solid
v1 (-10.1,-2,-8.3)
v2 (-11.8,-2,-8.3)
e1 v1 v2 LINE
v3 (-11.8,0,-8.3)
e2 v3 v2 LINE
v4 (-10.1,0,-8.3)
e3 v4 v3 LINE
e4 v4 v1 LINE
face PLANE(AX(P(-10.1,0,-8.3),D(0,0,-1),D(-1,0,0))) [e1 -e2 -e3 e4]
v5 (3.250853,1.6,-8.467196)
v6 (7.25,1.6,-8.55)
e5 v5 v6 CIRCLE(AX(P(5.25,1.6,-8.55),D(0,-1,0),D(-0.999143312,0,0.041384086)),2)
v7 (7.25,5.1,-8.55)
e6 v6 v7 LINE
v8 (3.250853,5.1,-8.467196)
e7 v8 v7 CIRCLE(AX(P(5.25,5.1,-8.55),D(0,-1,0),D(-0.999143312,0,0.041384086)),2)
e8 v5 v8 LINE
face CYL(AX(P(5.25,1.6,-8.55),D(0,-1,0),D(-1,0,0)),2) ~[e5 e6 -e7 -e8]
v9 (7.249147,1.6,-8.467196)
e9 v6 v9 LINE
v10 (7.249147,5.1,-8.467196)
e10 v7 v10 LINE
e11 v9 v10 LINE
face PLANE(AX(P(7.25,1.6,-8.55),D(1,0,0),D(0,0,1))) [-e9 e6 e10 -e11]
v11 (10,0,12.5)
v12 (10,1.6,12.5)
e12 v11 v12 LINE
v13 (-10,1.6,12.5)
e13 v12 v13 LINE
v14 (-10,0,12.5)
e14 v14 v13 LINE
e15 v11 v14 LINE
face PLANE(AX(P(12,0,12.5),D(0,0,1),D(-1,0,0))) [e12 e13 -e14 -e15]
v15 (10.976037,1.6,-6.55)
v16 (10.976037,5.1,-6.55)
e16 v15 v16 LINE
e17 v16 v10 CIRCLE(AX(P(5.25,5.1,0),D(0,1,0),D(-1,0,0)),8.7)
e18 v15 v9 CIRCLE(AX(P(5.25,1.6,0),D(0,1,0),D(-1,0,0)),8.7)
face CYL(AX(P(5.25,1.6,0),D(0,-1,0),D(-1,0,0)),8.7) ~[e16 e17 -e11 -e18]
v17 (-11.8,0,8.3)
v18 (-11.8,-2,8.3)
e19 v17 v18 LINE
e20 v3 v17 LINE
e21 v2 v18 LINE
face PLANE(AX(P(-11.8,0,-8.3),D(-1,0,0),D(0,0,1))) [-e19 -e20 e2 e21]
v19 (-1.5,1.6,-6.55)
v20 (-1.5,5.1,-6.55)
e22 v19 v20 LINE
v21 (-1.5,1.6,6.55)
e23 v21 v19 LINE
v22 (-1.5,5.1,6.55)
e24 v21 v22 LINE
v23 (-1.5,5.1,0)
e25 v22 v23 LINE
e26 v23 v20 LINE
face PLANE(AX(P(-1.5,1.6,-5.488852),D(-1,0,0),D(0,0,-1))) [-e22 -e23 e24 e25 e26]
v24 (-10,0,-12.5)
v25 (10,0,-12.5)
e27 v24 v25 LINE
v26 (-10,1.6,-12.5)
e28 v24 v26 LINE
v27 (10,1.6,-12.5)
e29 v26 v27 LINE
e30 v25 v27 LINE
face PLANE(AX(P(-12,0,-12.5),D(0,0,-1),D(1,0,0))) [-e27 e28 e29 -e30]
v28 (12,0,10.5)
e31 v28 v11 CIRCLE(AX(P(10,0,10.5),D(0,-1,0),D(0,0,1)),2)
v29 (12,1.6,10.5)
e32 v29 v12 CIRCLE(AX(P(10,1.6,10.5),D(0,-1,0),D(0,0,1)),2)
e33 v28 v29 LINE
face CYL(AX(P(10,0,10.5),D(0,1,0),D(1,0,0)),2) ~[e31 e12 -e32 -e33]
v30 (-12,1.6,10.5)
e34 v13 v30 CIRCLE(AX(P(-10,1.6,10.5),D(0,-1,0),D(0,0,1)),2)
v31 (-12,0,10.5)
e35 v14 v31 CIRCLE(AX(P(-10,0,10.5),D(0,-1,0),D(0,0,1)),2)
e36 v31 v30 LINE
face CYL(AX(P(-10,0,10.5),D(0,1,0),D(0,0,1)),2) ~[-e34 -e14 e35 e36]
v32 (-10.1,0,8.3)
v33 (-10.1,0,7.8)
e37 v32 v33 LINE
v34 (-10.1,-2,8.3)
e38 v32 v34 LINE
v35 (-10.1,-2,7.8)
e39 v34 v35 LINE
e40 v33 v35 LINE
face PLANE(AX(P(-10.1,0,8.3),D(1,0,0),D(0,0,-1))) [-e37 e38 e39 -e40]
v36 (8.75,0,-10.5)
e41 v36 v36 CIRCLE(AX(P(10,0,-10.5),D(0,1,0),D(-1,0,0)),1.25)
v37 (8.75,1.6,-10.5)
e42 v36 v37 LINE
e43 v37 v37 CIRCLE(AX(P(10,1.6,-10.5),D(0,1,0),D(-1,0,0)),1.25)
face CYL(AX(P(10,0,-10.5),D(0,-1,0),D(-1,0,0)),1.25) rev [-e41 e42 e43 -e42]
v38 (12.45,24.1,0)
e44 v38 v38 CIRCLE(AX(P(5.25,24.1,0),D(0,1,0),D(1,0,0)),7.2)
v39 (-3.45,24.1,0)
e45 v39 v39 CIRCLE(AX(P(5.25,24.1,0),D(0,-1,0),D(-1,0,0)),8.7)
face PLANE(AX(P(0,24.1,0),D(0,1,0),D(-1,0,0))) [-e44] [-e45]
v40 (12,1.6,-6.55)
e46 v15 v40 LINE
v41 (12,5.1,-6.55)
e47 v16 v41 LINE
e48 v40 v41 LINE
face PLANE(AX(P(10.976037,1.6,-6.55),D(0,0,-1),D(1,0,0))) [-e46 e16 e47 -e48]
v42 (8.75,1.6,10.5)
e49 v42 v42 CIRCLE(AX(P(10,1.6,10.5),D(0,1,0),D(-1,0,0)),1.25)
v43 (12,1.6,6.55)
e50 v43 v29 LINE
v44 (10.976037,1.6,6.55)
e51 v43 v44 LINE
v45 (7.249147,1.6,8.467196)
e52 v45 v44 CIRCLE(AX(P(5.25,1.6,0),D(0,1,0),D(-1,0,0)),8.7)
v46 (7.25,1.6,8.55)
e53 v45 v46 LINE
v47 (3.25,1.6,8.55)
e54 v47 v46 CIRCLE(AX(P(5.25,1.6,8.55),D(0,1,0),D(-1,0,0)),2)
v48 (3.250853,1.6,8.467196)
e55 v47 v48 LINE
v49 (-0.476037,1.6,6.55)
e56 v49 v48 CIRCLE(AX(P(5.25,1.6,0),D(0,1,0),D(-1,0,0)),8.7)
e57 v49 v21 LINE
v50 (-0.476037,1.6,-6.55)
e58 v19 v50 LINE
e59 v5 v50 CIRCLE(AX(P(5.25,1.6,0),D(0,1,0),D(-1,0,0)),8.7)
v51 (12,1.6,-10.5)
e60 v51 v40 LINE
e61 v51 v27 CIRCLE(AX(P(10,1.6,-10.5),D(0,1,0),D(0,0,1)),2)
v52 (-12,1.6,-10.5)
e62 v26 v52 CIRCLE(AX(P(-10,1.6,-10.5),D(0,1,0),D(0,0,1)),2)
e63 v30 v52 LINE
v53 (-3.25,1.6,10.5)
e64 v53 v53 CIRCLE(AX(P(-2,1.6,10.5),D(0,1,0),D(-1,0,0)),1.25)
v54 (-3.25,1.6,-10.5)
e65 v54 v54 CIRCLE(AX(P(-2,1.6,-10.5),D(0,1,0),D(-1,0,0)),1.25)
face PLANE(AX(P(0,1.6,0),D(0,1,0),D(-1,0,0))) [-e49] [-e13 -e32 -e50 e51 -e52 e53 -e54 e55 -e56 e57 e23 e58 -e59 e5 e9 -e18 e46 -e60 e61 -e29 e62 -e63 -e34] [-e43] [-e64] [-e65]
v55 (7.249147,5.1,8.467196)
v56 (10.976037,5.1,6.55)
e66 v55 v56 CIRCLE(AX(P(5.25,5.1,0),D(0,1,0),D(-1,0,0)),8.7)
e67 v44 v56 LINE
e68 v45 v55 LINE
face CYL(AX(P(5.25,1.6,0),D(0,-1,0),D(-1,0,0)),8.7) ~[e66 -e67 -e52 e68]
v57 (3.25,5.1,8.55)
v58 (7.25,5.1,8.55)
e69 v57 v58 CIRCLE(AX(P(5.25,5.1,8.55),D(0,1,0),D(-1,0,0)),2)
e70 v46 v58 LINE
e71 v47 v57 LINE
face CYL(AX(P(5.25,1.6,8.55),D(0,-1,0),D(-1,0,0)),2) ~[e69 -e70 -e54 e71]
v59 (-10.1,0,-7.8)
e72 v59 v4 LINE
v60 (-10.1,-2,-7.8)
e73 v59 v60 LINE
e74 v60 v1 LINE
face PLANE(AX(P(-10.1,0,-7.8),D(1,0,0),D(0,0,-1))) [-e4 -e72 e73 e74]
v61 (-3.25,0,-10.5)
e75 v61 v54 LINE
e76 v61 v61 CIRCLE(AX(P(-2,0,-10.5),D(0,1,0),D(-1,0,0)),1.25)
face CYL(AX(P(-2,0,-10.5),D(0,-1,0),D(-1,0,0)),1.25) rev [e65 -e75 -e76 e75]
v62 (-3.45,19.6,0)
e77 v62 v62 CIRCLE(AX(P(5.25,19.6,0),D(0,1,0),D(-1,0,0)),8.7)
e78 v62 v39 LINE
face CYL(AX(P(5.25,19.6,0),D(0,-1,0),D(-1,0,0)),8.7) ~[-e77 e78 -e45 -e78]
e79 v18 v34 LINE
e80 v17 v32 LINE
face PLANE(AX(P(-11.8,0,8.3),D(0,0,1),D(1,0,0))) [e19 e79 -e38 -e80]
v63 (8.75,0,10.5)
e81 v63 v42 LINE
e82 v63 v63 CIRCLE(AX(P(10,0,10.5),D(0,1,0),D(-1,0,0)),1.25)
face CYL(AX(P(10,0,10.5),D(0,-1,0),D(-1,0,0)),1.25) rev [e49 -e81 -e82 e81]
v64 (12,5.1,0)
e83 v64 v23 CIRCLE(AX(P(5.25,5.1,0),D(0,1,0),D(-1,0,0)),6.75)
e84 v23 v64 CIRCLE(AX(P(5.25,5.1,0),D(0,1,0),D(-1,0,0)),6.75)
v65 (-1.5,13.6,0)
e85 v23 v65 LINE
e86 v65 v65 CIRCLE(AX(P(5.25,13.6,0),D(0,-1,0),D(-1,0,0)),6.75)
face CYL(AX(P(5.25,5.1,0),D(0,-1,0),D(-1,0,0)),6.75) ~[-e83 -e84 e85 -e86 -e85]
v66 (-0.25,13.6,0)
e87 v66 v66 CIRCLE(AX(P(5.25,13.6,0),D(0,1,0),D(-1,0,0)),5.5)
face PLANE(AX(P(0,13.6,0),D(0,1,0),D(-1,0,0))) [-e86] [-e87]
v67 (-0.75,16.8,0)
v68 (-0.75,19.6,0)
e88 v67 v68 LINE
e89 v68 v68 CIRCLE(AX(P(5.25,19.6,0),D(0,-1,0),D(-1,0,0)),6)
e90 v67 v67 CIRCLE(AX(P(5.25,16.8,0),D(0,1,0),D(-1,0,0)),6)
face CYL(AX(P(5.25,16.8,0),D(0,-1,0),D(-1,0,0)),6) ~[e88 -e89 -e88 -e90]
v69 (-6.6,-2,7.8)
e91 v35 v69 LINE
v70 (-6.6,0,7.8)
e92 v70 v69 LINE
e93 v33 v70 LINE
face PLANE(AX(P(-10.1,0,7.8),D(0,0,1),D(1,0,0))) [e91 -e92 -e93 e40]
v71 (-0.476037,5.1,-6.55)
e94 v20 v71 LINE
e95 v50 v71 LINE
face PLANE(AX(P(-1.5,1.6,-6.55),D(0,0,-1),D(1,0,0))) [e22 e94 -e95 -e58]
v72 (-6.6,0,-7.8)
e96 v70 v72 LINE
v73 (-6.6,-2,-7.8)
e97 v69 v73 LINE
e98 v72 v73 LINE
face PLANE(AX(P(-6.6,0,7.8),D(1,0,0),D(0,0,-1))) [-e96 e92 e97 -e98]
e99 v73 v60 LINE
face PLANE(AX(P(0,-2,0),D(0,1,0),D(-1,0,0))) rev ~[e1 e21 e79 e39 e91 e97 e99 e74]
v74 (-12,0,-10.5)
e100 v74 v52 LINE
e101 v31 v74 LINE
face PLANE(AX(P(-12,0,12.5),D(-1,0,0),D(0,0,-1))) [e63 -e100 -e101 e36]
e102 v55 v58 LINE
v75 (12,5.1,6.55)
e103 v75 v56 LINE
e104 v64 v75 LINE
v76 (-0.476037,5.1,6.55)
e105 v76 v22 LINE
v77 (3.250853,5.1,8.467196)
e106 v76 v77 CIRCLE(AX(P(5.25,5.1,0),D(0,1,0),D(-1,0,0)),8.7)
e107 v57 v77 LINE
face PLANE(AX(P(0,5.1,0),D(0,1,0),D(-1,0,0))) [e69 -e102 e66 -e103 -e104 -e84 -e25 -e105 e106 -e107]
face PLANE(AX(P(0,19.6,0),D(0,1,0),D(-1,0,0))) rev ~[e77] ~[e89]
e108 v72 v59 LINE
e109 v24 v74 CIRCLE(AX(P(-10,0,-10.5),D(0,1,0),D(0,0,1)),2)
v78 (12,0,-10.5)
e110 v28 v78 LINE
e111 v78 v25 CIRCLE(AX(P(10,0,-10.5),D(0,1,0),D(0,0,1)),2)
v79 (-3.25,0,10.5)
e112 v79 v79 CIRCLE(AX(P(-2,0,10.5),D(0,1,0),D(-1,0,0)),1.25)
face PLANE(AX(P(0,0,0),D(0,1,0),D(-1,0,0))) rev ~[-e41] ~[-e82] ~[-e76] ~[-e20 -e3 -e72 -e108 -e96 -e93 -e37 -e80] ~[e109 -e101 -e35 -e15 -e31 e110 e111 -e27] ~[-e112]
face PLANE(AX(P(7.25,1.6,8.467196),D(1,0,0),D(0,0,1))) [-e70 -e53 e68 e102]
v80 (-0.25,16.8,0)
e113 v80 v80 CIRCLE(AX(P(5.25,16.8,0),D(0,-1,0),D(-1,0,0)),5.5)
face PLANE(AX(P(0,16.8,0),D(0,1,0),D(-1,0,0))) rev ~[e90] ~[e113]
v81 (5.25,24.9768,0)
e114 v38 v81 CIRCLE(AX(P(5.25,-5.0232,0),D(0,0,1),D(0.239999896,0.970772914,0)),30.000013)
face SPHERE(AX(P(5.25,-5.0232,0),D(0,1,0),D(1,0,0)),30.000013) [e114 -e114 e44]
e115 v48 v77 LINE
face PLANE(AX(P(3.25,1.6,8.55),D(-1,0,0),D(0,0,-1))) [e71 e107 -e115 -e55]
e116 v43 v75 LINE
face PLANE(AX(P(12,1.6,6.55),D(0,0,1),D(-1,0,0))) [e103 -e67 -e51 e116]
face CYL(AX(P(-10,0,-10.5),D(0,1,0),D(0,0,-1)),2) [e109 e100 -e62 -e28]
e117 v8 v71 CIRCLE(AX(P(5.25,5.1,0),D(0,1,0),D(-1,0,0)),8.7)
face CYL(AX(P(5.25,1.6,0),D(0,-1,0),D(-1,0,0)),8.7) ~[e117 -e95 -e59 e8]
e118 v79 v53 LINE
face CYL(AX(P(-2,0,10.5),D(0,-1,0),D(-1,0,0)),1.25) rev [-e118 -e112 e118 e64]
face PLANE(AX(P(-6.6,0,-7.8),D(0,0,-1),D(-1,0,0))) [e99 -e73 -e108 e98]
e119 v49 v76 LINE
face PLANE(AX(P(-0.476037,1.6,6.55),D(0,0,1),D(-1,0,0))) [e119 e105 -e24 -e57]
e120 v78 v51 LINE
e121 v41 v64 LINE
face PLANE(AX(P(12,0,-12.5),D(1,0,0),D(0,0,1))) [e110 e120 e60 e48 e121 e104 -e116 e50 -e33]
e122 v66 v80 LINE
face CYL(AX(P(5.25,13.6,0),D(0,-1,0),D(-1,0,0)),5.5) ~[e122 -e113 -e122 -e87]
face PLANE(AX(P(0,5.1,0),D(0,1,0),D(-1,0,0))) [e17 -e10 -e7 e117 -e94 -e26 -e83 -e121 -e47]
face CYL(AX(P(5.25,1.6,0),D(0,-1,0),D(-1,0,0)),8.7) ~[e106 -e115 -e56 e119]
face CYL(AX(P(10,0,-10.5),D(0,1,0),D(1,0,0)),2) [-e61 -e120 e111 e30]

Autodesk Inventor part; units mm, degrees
ref_plane "YZ Plane" through (0, 0, 0) normal (1, 0, 0) x (0, 1, 0)
ref_plane "XZ Plane" through (0, 0, 0) normal (0, 1, 0) x (-1, 0, 0)
ref_plane "XY Plane" through (0, 0, 0) normal (0, 0, 1) x (1, 0, 0)
sketch "Sketch1" plane through (0, 0, 0) normal (0, 1, 0) x (-1, 0, 0)
  line L0 (12, -12.5) -> (-12, -12.5)
  line L1 (-12, -12.5) -> (-12, 12.5)
  line L2 (-12, 12.5) -> (12, 12.5)
  line L3 (12, 12.5) -> (12, -12.5)
  line L4 (12, -12.5) -> (-12, 12.5) construction
  line L5 (-12, -12.5) -> (12, 12.5) construction
  circle A0 centre (2, 10.5) radius 1.25
  circle A1 centre (-10, 10.5) radius 1.25
  circle A2 centre (2, -10.5) radius 1.25
  circle A3 centre (-10, -10.5) radius 1.25
  line L6 (12, 0) -> (-12, 0) construction
  line L7 (10.1, -8.3) -> (11.8, -8.3)
  line L8 (11.8, -8.3) -> (11.8, 8.3)
  line L9 (11.8, 8.3) -> (10.1, 8.3)
  line L10 (10.1, 8.3) -> (10.1, -8.3)
  line L11 (10.1, -8.3) -> (11.8, 8.3) construction
  line L12 (11.8, -8.3) -> (10.1, 8.3) construction
  line L13 (6.6, -7.8) -> (10.1, -7.8)
  line L14 (10.1, -7.8) -> (10.1, 7.8)
  line L15 (10.1, 7.8) -> (6.6, 7.8)
  line L16 (6.6, 7.8) -> (6.6, -7.8)
  line L17 (6.6, -7.8) -> (10.1, 7.8) construction
  line L18 (10.1, -7.8) -> (6.6, 7.8) construction
  line L19 (1.5, -6.55) -> (-12, -6.55)
  line L20 (-12, -6.55) -> (-12, 6.55)
  line L21 (-12, 6.55) -> (1.5, 6.55)
  line L22 (1.5, 6.55) -> (1.5, -6.55)
  line L23 (1.5, -6.55) -> (-12, 6.55) construction
  line L24 (-12, -6.55) -> (1.5, 6.55) construction
  circle A4 centre (-5.25, 0) radius 6.75
  line L25 (-5.25, 6.55) -> (-5.25, -6.55) construction
  line L26 (-3.25, 8.55) -> (-3.25, -6.55)
  line L27 (-7.25, -8.55) -> (-7.25, 8.55)
  circle A5 centre (-5.25, 8.55) radius 2
  circle A6 centre (-5.25, -8.55) radius 2
  line L28 (-3.25, -8.55) -> (-3.25, -6.55)
  circle A7 centre (-5.25, 0) radius 6
  circle A8 centre (-5.25, 0) radius 5.5
  circle A9 centre (-5.25, 0) radius 8.7
  point P0 (0, 0)
  point P1 (10.95, 0)
  point P2 (8.35, 0)
  point P3 (-12, 5.4889)
  point P4 (-12, -5.4889)
  point P5 (-10.976, -6.55)
  point P6 (-7.25, -8.467)
  point P7 (-3.25, -8.467)
  point P8 (0.476, -6.55)
  point P9 (0.476, 6.55)
  point P10 (-3.25, 8.467)
  point P11 (-7.25, 8.467)
  point P12 (-10.976, 6.55)
  point P13 (12, -8.3)
  dimension "d0" = 25
  dimension "d1" = 24
  dimension "d2" = 2.5
  dimension "d3" = 21
  dimension "d4" = 12
  dimension "d5" = 2
  dimension "d6" = 16.6
  dimension "d7" = 1.7
  dimension "d8" = 15.6
  dimension "d9" = 3.5
  dimension "d10" = 13.5
  dimension "d11" = 13.1
  dimension "d12" = 4
  dimension "d13" = 4
  dimension "d14" = 11
  dimension "d15" = 12
  dimension "d16" = 17.4
  dimension "d35" = 0.2
  dimension "d36" = 4.75
  dimension "d37" = 10.5
extrude "Extrusion1" add sketch "Sketch1" along normal blind 1.6 contours L0 L1 L19 A9 L27 A6 L22 L21 L26 A5 L2 L3 | L1 A9 L19 | L1 A4 L27 L19 A9 | L19 L27 A9 | L21 A9 L1 | L1 A9 L21 L27 A4 | A4 L27 A7 | L27 A4 L19 | L19 A4 A6 L27 | A9 A6 L27 | A6 A4 A9 | A9 L27 L21 | L27 L21 A4 | A4 L21 L26 A7 L27 | L27 A7 L26 A4 L19 | L19 A6 A4 | A6 A4 | A6 A4 L19 L28 | L28 L19 A9 | L27 A5 A4 L21 | A9 A5 A4 | L27 A5 L26 A9 | A4 A5 L21 | A7 L26 A8 L27 | L27 A8 A7 | L27 A8 L26 A7 | L19 A4 A6 | L26 A4 L22 A9 L19 | L19 A4 L26 | A9 L22 L19 | A4 A5 | A9 L21 L26 | L26 L21 A4 A5 | A5 A4 L21 | A8 L26 L27 | L27 A8 | A7 L26 A8 | L26 A4 A7 | L22 A9 | L26 A4 L21 | L21 A9 L22 A4 L26 | L21 L22 A9 | A8 L26 | L10 L9 L8 L7 | L13 L16 L15 L10
extrude "Extrusion2" add sketch "Sketch1" along normal blind 3.5 from surface at 1.6 contours L1 A9 L19 | L1 A4 L27 L19 A9 | L19 L27 A9 | L21 A9 L1 | L1 A9 L21 L27 A4 | A4 L27 A7 | L27 A4 L19 | L19 A4 A6 L27 | A9 A6 L27 | A6 A4 A9 | A9 L27 L21 | L27 L21 A4 | A4 L21 L26 A7 L27 | L27 A7 L26 A4 L19 | L19 A6 A4 | A6 A4 | A6 A4 L19 L28 | L28 L19 A9 | L27 A5 A4 L21 | A9 A5 A4 | L27 A5 L26 A9 | A4 A5 L21 | A7 L26 A8 L27 | L27 A8 A7 | L27 A8 L26 A7 | L19 A4 A6 | L26 A4 L22 A9 L19 | L19 A4 L26 | A9 L22 L19 | A4 A5 | A9 L21 L26 | L26 L21 A4 A5 | A5 A4 L21 | A8 L26 L27 | L27 A8 | A7 L26 A8 | L26 A4 A7 | L26 A4 L21 | L21 A9 L22 A4 L26 | L21 L22 A9 | A8 L26
extrude "Extrusion3" add sketch "Sketch1" along normal blind 8.5 from surface at 5.1 contours A4 L27 A7 | A4 L21 L26 A7 L27 | L27 A7 L26 A4 L19 | L19 A6 A4 | A6 A4 | A4 A5 L21 | A7 L26 A8 L27 | L27 A8 A7 | L27 A8 L26 A7 | L19 A4 A6 | A4 A5 | A5 A4 L21 | A8 L26 L27 | L27 A8 | A7 L26 A8 | L26 A4 A7 | A8 L26
extrude "Extrusion4" add sketch "Sketch1" along normal blind 3.2 from surface at 13.6 contours A8 L26 L27 | L27 A8 | A8 L26
extrude "Extrusion5" add sketch "Sketch1" along normal blind 2.8 from surface at 16.8 contours A7 L26 A8 L27 | L27 A8 A7 | L27 A8 L26 A7 | A8 L26 L27 | L27 A8 | A7 L26 A8 | A8 L26
extrude "Extrusion6" add sketch "Sketch1" along normal blind 4.5 from surface at 19.6 contours A9 L1 | L1 A4 L27 L19 A9 | L19 L27 A9 | L1 A9 L21 L27 A4 | A4 L27 A7 | L27 A4 L19 | L19 A4 A6 L27 | A6 A4 A9 | A9 L27 L21 | L27 L21 A4 | A4 L21 L26 A7 L27 | L27 A7 L26 A4 L19 | L19 A6 A4 | A6 A4 | A6 A4 L19 L28 | L28 L19 A9 | L27 A5 A4 L21 | A9 A5 A4 | A4 A5 L21 | A7 L26 A8 L27 | L27 A8 A7 | L27 A8 L26 A7 | L19 A4 A6 | L26 A4 L22 A9 L19 | L19 A4 L26 | A4 A5 | A9 L21 L26 | L26 L21 A4 A5 | A5 A4 L21 | A8 L26 L27 | L27 A8 | A7 L26 A8 | L26 A4 A7 | L22 A9 | L26 A4 L21 | L21 A9 L22 A4 L26 | A8 L26
extrude "Extrusion7" add sketch "Sketch1" against normal blind 2 contours L10 L9 L8 L7 | L13 L16 L15 L10
fillet "Fillet1" radius 2 4 edges at (-12, 0.8, -12.5) (-12, 0.8, 12.5) (12, 0.8, 12.5) (12, 0.8, -12.5)
sketch "Sketch2" plane through (0, 0, 0) normal (0, 0, 1) x (1, 0, 0)
  line L0 (-3.45, 24.1) -> (13.95, 24.1) projected
  line L1 (5.25, 24.1) -> (5.25, 0)
  line L2 (-10, 0) -> (10, 0) projected
  arc A0 (12.45, 24.1) -> (-1.95, 24.1) centre (5.25, -5.0232) ccw
  line L3 (12.45, 24.1) -> (-1.95, 24.1)
  line L4 (5.25, 24.1) -> (5.25, 24.9768)
  point P0 (0, 0)
  dimension "d32" = 1.5
  dimension "d33" = 30
revolve "Revolution1" add sketch "Sketch2" angle 360 about axis through (5.25, 24.1, 0) along (0, 1, 0) picked at (9.2588, 24.262) contours L4 A0 L0
sketch "Sketch3" plane through (0, 0, 0) normal (0, 0, 1) x (1, 0, 0)
  line L0 (-3.45, 24.1) -> (13.95, 24.1) construction
  line L1 (5.25, 24.1) -> (5.25, 38.8159)
  line L2 (5.25, 24.1) -> (119.5505, 34.1)
  line L3 (119.5505, 34.1) -> (5.25, 34.1) construction
  point P0 (0, 0)
  dimension "d38" = 85
  dimension "d41" = 10
properties part number "Arducam Camera"
